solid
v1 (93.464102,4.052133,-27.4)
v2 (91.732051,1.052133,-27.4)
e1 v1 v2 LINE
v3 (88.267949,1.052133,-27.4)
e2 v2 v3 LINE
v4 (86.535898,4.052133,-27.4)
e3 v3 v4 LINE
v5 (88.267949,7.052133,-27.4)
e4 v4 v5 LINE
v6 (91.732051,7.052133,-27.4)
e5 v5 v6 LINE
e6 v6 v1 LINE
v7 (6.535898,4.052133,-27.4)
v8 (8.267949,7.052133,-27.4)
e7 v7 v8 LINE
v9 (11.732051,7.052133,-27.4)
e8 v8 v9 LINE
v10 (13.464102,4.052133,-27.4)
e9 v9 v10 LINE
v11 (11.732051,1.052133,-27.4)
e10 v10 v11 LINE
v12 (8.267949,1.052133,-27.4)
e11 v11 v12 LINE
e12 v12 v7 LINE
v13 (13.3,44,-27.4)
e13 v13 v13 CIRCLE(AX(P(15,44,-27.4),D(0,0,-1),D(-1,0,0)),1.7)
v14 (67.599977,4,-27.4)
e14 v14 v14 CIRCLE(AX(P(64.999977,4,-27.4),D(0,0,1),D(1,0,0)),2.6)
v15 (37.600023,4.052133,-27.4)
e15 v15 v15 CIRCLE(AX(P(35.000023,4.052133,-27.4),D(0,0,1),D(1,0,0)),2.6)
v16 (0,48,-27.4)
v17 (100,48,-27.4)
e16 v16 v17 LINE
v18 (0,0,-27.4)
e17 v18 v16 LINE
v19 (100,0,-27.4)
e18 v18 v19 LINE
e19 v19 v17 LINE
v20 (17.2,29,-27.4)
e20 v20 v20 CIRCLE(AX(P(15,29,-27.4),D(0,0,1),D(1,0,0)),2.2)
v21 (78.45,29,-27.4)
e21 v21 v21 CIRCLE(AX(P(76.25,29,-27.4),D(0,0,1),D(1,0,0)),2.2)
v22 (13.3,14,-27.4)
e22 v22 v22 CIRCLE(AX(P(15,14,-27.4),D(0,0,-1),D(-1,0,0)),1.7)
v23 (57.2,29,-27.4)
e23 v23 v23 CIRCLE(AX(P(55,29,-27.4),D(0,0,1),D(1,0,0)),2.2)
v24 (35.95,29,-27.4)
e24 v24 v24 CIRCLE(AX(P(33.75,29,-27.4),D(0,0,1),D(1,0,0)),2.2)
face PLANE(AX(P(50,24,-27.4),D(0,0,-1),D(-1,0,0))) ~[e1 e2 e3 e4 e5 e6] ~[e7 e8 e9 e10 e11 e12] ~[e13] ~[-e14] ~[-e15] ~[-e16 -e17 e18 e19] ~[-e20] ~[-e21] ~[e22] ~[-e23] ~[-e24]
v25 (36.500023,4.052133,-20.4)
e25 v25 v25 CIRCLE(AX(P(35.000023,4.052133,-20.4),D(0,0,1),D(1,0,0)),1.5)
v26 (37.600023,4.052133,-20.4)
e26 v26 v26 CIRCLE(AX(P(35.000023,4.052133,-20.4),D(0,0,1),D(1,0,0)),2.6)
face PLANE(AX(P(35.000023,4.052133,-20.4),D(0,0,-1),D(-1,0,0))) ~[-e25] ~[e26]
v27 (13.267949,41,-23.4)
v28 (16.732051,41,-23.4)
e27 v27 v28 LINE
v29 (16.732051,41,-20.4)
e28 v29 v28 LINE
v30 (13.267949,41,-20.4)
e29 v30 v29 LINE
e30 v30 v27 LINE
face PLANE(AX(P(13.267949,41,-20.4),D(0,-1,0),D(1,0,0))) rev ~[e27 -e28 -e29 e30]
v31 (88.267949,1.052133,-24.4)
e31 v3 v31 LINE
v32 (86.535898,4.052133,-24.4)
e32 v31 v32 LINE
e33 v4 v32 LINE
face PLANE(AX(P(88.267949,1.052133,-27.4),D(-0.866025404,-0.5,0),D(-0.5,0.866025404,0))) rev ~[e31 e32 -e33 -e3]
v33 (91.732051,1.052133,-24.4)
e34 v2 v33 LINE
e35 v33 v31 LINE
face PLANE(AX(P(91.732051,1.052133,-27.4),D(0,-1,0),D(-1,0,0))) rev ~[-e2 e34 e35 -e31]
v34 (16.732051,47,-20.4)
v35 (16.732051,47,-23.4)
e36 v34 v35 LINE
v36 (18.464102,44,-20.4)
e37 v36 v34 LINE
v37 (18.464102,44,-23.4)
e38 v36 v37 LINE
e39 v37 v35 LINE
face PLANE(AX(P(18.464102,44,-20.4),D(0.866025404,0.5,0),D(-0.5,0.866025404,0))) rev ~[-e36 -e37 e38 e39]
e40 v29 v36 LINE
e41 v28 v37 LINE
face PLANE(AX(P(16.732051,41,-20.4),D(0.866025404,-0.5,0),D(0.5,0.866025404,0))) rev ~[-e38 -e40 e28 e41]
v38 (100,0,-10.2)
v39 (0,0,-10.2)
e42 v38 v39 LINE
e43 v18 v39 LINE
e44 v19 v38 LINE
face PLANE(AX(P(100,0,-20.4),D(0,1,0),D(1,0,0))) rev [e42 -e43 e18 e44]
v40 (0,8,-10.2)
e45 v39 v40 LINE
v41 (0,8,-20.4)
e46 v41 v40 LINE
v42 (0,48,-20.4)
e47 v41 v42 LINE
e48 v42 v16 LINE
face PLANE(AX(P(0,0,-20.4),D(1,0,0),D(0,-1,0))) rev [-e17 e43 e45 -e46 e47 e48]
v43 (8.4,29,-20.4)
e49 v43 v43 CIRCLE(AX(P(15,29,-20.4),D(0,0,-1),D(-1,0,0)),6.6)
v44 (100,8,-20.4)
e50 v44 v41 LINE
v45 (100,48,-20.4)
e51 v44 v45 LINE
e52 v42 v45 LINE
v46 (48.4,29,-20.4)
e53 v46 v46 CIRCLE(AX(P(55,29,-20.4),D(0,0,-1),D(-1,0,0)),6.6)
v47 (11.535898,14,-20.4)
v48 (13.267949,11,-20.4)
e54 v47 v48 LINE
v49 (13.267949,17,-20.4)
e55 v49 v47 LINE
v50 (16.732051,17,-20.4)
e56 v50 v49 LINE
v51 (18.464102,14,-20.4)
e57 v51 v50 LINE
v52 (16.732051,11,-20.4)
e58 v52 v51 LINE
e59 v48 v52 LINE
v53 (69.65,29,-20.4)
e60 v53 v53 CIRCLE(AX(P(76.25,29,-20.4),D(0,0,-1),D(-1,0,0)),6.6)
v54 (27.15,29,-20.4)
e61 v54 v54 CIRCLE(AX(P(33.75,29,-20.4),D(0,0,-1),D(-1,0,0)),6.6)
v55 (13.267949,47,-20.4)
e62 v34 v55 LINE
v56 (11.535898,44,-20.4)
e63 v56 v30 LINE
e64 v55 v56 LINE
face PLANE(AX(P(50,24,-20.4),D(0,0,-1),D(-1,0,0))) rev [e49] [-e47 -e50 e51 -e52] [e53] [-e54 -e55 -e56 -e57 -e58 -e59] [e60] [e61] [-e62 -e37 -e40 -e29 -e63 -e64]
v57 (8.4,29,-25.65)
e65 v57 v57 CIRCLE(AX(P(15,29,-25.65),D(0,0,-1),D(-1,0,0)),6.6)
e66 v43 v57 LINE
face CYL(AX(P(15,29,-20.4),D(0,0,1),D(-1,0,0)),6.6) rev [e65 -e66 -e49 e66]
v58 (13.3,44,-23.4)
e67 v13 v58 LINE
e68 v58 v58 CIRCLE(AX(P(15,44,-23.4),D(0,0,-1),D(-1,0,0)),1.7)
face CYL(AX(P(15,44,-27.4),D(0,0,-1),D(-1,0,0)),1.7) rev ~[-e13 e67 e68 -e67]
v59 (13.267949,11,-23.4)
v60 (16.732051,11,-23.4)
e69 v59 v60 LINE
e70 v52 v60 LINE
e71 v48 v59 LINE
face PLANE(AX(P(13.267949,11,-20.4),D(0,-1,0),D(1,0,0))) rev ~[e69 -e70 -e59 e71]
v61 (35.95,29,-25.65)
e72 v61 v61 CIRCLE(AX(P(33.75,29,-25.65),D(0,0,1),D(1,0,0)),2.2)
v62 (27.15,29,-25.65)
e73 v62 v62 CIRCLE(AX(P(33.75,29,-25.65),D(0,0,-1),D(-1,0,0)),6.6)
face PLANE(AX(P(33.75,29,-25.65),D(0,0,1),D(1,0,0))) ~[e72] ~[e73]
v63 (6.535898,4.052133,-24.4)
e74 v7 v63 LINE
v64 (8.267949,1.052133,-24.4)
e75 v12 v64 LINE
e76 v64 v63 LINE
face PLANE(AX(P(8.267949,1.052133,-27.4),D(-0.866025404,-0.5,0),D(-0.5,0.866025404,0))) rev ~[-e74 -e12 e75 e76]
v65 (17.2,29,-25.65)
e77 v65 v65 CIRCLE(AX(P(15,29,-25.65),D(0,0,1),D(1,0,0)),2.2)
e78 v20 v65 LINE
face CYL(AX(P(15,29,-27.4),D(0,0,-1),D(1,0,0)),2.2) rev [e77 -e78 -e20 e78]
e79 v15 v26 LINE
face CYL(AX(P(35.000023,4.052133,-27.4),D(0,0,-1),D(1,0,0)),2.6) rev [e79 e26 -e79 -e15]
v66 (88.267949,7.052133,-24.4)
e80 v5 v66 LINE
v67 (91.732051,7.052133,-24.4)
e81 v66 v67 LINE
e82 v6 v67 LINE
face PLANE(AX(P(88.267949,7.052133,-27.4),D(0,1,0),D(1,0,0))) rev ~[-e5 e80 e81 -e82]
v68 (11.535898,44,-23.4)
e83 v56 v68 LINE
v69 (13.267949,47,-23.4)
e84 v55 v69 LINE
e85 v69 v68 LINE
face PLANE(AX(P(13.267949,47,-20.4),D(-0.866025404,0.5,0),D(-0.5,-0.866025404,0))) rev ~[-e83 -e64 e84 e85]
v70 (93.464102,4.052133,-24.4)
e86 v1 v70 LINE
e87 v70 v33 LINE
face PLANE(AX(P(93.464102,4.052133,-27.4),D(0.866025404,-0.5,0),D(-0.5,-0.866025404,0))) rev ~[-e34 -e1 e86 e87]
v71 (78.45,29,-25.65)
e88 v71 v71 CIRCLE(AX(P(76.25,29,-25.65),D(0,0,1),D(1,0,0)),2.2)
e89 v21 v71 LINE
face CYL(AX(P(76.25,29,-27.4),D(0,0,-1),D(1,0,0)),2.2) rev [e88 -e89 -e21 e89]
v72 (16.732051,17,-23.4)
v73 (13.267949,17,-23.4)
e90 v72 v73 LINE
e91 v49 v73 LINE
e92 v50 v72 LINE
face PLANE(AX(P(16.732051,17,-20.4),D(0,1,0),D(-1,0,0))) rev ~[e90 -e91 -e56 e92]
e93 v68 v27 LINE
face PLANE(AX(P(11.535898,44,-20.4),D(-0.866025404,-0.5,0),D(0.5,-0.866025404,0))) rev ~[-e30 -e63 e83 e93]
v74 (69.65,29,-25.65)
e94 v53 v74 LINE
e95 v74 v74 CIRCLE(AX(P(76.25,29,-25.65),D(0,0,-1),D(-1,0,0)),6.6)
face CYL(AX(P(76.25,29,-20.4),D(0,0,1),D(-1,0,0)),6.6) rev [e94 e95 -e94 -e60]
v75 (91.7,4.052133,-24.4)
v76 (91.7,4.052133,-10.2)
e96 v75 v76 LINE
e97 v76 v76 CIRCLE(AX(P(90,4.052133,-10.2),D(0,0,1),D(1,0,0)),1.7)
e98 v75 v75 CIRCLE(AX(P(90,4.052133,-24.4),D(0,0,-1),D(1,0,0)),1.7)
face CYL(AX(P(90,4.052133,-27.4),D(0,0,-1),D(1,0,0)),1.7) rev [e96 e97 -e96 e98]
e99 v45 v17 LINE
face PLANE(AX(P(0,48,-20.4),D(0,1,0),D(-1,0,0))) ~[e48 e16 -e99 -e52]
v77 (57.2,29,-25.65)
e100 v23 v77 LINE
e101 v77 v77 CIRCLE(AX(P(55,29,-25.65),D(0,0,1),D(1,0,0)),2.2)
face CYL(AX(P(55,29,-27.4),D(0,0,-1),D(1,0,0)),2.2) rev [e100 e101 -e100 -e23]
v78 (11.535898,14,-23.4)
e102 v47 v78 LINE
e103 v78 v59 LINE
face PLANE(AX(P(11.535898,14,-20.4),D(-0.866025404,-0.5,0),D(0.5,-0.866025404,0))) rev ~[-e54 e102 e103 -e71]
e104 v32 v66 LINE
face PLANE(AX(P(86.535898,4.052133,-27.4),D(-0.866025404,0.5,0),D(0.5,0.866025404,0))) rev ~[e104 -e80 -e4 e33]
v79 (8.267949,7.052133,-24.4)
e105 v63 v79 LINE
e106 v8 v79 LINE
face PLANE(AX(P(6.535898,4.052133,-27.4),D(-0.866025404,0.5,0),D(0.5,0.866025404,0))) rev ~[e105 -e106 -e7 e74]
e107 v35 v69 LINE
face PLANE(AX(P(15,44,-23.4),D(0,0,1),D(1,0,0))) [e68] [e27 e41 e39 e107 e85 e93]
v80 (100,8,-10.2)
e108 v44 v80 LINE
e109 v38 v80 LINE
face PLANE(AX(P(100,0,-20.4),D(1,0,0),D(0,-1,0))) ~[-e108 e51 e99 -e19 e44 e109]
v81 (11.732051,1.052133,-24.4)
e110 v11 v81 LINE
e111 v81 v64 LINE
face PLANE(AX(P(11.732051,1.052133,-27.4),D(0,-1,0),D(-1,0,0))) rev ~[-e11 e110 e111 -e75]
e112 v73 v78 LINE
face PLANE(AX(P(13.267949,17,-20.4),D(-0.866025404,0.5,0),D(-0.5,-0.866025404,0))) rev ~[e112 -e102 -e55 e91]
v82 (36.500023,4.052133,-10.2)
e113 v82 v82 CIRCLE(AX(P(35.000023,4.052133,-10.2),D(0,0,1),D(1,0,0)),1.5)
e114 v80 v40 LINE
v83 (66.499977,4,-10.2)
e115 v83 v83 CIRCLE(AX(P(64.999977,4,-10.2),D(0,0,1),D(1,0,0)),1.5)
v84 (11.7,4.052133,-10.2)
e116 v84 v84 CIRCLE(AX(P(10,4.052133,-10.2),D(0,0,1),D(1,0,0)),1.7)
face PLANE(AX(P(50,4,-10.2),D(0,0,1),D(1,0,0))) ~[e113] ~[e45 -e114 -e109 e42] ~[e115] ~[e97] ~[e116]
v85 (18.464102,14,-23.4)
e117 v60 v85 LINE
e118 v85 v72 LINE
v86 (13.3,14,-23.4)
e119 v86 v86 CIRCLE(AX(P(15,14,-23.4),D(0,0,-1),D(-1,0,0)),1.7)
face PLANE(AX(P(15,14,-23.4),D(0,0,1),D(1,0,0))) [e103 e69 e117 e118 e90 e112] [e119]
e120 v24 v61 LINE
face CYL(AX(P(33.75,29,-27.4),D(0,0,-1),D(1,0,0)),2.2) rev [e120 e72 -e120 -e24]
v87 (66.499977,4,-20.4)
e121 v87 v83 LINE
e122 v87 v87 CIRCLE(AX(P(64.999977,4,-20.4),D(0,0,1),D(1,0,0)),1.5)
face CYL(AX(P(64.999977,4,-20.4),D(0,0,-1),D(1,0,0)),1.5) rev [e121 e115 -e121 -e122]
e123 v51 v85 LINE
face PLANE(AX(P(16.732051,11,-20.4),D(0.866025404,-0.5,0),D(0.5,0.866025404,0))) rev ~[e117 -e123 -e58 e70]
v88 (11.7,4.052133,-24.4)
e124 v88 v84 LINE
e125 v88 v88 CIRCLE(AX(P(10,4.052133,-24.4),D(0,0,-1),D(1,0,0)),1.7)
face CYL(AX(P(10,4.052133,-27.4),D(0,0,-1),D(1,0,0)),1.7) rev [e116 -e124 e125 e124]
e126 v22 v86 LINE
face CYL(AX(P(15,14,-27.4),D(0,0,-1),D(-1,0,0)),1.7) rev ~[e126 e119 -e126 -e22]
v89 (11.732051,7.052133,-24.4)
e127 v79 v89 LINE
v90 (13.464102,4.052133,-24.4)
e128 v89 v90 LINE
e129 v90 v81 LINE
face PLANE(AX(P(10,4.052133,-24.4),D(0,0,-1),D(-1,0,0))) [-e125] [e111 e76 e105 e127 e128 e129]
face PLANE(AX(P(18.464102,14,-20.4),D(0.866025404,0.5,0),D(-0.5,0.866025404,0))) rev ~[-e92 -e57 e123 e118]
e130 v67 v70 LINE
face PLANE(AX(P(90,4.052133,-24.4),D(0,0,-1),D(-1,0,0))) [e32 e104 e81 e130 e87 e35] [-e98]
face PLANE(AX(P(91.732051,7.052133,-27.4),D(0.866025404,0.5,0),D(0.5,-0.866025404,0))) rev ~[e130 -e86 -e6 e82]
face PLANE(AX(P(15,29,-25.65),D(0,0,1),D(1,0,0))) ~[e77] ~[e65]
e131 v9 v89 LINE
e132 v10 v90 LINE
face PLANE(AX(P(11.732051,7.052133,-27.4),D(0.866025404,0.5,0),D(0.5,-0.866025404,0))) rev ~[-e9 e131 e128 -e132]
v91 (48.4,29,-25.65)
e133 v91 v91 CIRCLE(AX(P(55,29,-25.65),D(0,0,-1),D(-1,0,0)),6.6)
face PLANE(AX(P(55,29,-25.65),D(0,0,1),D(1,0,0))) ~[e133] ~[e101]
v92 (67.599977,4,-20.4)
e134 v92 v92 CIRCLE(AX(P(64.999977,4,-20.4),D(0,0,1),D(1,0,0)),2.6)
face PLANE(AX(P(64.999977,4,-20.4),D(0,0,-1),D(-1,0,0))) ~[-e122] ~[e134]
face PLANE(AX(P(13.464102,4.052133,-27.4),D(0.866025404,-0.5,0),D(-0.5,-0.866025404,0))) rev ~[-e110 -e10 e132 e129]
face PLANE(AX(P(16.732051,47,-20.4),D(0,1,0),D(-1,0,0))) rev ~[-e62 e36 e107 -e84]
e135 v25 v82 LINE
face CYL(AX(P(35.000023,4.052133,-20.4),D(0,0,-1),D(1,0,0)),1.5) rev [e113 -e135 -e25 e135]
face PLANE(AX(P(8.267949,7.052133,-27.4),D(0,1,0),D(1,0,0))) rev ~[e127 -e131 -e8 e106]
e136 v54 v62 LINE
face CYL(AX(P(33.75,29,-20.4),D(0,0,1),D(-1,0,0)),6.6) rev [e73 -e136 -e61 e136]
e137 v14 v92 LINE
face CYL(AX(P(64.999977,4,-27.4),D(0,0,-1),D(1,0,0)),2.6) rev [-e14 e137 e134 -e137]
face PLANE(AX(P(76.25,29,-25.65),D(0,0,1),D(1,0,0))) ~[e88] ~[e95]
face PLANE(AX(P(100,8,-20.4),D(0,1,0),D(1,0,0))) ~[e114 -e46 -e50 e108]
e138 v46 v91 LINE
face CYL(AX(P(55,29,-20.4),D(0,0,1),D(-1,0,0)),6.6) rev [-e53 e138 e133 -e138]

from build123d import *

# Parameters (mm, degrees)
SKETCH1_W           = 100
SKETCH1_H           = 48
BOSS_EXTRUDE1_DEPTH = 7
CUT_EXTRUDE1_REACH  = 113.144
SKETCH2_R           = 2.2
SKETCH3_W           = 100
SKETCH3_H           = 8
BOSS_EXTRUDE2_DEPTH = 10.2
SKETCH4_R           = 6.6
CUT_EXTRUDE2_DEPTH  = 5.25
SKETCH5_R           = 2.6
CUT_EXTRUDE3_DEPTH  = 7
SKETCH7_R           = 1.5
CUT_EXTRUDE4_DEPTH  = 112.391382072
CUT_EXTRUDE5_REACH  = 114.249
SKETCH8_R           = 1.7
CUT_EXTRUDE6_DEPTH  = 3
CUT_EXTRUDE7_REACH  = 114.249
SKETCH10_R          = 1.7
CUT_EXTRUDE8_DEPTH  = 3


with BuildPart() as part:
    # Sketch1 → Boss-Extrude1 (new body)
    with BuildSketch(Plane.XY):
        with Locations((50, 24)):
            Rectangle(SKETCH1_W, SKETCH1_H)
    extrude(amount=BOSS_EXTRUDE1_DEPTH)

    # Sketch2 → Cut-Extrude1 (cut, up to next)
    with BuildSketch(Plane.XY.offset(7), mode=Mode.PRIVATE) as cut_extrude1_sk1:
        with Locations((15, 29)):
            Circle(SKETCH2_R)
    cut_extrude1_tool1 = extrude(cut_extrude1_sk1.sketch, amount=-CUT_EXTRUDE1_REACH, mode=Mode.PRIVATE) & part.part
    # Sketch2 → Cut-Extrude1 (cut, up to next)
    with BuildSketch(Plane.XY.offset(7), mode=Mode.PRIVATE) as cut_extrude1_sk2:
        with Locations((33.75, 29)):
            Circle(SKETCH2_R)
    cut_extrude1_tool2 = extrude(cut_extrude1_sk2.sketch, amount=-CUT_EXTRUDE1_REACH, mode=Mode.PRIVATE) & part.part
    # Sketch2 → Cut-Extrude1 (cut, up to next)
    with BuildSketch(Plane.XY.offset(7), mode=Mode.PRIVATE) as cut_extrude1_sk3:
        with Locations((55, 29)):
            Circle(SKETCH2_R)
    cut_extrude1_tool3 = extrude(cut_extrude1_sk3.sketch, amount=-CUT_EXTRUDE1_REACH, mode=Mode.PRIVATE) & part.part
    # Sketch2 → Cut-Extrude1 (cut, up to next)
    with BuildSketch(Plane.XY.offset(7), mode=Mode.PRIVATE) as cut_extrude1_sk4:
        with Locations((76.25, 29)):
            Circle(SKETCH2_R)
    cut_extrude1_tool4 = extrude(cut_extrude1_sk4.sketch, amount=-CUT_EXTRUDE1_REACH, mode=Mode.PRIVATE) & part.part
    add(cut_extrude1_tool1.solids().sort_by_distance((15, 29, 7))[0], mode=Mode.SUBTRACT)
    add(cut_extrude1_tool2.solids().sort_by_distance((33.75, 29, 7))[0], mode=Mode.SUBTRACT)
    add(cut_extrude1_tool3.solids().sort_by_distance((55, 29, 7))[0], mode=Mode.SUBTRACT)
    add(cut_extrude1_tool4.solids().sort_by_distance((76.25, 29, 7))[0], mode=Mode.SUBTRACT)

    # Sketch3 → Boss-Extrude2 (add)
    with BuildSketch(Plane(origin=(0, 0, 0), x_dir=(-1, 0, 0), z_dir=(0, 0, -1))):
        with Locations((-50, 4)):
            Rectangle(SKETCH3_W, SKETCH3_H)
    extrude(amount=BOSS_EXTRUDE2_DEPTH)

    # Sketch4 → Cut-Extrude2 (cut)
    with BuildSketch(Plane(origin=(0, 0, 0), x_dir=(-1, 0, 0), z_dir=(0, 0, -1))):
        with Locations((-76.25, 29)):
            Circle(SKETCH4_R)
        with Locations((-55, 29)):
            Circle(SKETCH4_R)
        with Locations((-33.75, 29)):
            Circle(SKETCH4_R)
        with Locations((-15, 29)):
            Circle(SKETCH4_R)
    extrude(amount=-CUT_EXTRUDE2_DEPTH, mode=Mode.SUBTRACT)

    # Sketch5 → Cut-Extrude3 (cut)
    with BuildSketch(Plane.XY.offset(7)):
        with Locations((35.000022648, 4.052132501)):
            Circle(SKETCH5_R)
        with Locations((64.999977352, 4)):
            Circle(SKETCH5_R)
    extrude(amount=-CUT_EXTRUDE3_DEPTH, mode=Mode.SUBTRACT)

    # Sketch7 → Cut-Extrude4 (cut, through all)
    with BuildSketch(Plane.XY):
        with Locations((35.000022648, 4.052132501)):
            Circle(SKETCH7_R)
        with Locations((64.999977352, 4)):
            Circle(SKETCH7_R)
    extrude(amount=-CUT_EXTRUDE4_DEPTH, mode=Mode.SUBTRACT)

    # Sketch8 → Cut-Extrude5 (cut, up to next)
    with BuildSketch(Plane.XY.offset(7), mode=Mode.PRIVATE) as cut_extrude5_sk1:
        with Locations((10, 4.052132501)):
            Circle(SKETCH8_R)
    cut_extrude5_tool1 = extrude(cut_extrude5_sk1.sketch, amount=-CUT_EXTRUDE5_REACH, mode=Mode.PRIVATE) & part.part
    # Sketch8 → Cut-Extrude5 (cut, up to next)
    with BuildSketch(Plane.XY.offset(7), mode=Mode.PRIVATE) as cut_extrude5_sk2:
        with Locations((90, 4.052132501)):
            Circle(SKETCH8_R)
    cut_extrude5_tool2 = extrude(cut_extrude5_sk2.sketch, amount=-CUT_EXTRUDE5_REACH, mode=Mode.PRIVATE) & part.part
    add(cut_extrude5_tool1.solids().sort_by_distance((10, 4.052133, 7))[0], mode=Mode.SUBTRACT)
    add(cut_extrude5_tool2.solids().sort_by_distance((90, 4.052133, 7))[0], mode=Mode.SUBTRACT)


with BuildPart() as body_2:
    # Mirror1: mirrored copy
    add(part.part.mirror(Plane.XY.offset(-10.2)))

    # Sketch9 → Cut-Extrude6 (cut)
    with BuildSketch(Plane(origin=(0, 0, -27.4), x_dir=(-1, 0, 0), z_dir=(0, 0, -1))):
        Polygon((-88.267949192, 1.052132501), (-86.535898385, 4.052132501), (-88.267949192, 7.052132501), (-91.732050808, 7.052132501), (-93.464101615, 4.052132501), (-91.732050808, 1.052132501), align=None)
        Polygon((-13.464101615, 4.052132501), (-11.732050808, 1.052132501), (-8.267949192, 1.052132501), (-6.535898385, 4.052132501), (-8.267949192, 7.052132501), (-11.732050808, 7.052132501), align=None)
    extrude(amount=-CUT_EXTRUDE6_DEPTH, mode=Mode.SUBTRACT)

    # Sketch10 → Cut-Extrude7 (cut, up to next)
    with BuildSketch(Plane(origin=(0, 0, -27.4), x_dir=(-1, 0, 0), z_dir=(0, 0, -1)), mode=Mode.PRIVATE) as cut_extrude7_sk1:
        with Locations((-15, 44)):
            Circle(SKETCH10_R)
    cut_extrude7_tool1 = extrude(cut_extrude7_sk1.sketch, amount=-CUT_EXTRUDE7_REACH, mode=Mode.PRIVATE) & body_2.part
    # Sketch10 → Cut-Extrude7 (cut, up to next)
    with BuildSketch(Plane(origin=(0, 0, -27.4), x_dir=(-1, 0, 0), z_dir=(0, 0, -1)), mode=Mode.PRIVATE) as cut_extrude7_sk2:
        with Locations((-15, 14)):
            Circle(SKETCH10_R)
    cut_extrude7_tool2 = extrude(cut_extrude7_sk2.sketch, amount=-CUT_EXTRUDE7_REACH, mode=Mode.PRIVATE) & body_2.part
    add(cut_extrude7_tool1.solids().sort_by_distance((15, 44, -27.4))[0], mode=Mode.SUBTRACT)
    add(cut_extrude7_tool2.solids().sort_by_distance((15, 14, -27.4))[0], mode=Mode.SUBTRACT)

    # Sketch11 → Cut-Extrude8 (cut)
    with BuildSketch(Plane.XY.offset(-20.4)):
        Polygon((18.464101615, 44), (16.732050808, 47), (13.267949192, 47), (11.535898385, 44), (13.267949192, 41), (16.732050808, 41), align=None)
        Polygon((18.464101615, 14), (16.732050808, 17), (13.267949192, 17), (11.535898385, 14), (13.267949192, 11), (16.732050808, 11), align=None)
    extrude(amount=-CUT_EXTRUDE8_DEPTH, mode=Mode.SUBTRACT)


solid = body_2.part
